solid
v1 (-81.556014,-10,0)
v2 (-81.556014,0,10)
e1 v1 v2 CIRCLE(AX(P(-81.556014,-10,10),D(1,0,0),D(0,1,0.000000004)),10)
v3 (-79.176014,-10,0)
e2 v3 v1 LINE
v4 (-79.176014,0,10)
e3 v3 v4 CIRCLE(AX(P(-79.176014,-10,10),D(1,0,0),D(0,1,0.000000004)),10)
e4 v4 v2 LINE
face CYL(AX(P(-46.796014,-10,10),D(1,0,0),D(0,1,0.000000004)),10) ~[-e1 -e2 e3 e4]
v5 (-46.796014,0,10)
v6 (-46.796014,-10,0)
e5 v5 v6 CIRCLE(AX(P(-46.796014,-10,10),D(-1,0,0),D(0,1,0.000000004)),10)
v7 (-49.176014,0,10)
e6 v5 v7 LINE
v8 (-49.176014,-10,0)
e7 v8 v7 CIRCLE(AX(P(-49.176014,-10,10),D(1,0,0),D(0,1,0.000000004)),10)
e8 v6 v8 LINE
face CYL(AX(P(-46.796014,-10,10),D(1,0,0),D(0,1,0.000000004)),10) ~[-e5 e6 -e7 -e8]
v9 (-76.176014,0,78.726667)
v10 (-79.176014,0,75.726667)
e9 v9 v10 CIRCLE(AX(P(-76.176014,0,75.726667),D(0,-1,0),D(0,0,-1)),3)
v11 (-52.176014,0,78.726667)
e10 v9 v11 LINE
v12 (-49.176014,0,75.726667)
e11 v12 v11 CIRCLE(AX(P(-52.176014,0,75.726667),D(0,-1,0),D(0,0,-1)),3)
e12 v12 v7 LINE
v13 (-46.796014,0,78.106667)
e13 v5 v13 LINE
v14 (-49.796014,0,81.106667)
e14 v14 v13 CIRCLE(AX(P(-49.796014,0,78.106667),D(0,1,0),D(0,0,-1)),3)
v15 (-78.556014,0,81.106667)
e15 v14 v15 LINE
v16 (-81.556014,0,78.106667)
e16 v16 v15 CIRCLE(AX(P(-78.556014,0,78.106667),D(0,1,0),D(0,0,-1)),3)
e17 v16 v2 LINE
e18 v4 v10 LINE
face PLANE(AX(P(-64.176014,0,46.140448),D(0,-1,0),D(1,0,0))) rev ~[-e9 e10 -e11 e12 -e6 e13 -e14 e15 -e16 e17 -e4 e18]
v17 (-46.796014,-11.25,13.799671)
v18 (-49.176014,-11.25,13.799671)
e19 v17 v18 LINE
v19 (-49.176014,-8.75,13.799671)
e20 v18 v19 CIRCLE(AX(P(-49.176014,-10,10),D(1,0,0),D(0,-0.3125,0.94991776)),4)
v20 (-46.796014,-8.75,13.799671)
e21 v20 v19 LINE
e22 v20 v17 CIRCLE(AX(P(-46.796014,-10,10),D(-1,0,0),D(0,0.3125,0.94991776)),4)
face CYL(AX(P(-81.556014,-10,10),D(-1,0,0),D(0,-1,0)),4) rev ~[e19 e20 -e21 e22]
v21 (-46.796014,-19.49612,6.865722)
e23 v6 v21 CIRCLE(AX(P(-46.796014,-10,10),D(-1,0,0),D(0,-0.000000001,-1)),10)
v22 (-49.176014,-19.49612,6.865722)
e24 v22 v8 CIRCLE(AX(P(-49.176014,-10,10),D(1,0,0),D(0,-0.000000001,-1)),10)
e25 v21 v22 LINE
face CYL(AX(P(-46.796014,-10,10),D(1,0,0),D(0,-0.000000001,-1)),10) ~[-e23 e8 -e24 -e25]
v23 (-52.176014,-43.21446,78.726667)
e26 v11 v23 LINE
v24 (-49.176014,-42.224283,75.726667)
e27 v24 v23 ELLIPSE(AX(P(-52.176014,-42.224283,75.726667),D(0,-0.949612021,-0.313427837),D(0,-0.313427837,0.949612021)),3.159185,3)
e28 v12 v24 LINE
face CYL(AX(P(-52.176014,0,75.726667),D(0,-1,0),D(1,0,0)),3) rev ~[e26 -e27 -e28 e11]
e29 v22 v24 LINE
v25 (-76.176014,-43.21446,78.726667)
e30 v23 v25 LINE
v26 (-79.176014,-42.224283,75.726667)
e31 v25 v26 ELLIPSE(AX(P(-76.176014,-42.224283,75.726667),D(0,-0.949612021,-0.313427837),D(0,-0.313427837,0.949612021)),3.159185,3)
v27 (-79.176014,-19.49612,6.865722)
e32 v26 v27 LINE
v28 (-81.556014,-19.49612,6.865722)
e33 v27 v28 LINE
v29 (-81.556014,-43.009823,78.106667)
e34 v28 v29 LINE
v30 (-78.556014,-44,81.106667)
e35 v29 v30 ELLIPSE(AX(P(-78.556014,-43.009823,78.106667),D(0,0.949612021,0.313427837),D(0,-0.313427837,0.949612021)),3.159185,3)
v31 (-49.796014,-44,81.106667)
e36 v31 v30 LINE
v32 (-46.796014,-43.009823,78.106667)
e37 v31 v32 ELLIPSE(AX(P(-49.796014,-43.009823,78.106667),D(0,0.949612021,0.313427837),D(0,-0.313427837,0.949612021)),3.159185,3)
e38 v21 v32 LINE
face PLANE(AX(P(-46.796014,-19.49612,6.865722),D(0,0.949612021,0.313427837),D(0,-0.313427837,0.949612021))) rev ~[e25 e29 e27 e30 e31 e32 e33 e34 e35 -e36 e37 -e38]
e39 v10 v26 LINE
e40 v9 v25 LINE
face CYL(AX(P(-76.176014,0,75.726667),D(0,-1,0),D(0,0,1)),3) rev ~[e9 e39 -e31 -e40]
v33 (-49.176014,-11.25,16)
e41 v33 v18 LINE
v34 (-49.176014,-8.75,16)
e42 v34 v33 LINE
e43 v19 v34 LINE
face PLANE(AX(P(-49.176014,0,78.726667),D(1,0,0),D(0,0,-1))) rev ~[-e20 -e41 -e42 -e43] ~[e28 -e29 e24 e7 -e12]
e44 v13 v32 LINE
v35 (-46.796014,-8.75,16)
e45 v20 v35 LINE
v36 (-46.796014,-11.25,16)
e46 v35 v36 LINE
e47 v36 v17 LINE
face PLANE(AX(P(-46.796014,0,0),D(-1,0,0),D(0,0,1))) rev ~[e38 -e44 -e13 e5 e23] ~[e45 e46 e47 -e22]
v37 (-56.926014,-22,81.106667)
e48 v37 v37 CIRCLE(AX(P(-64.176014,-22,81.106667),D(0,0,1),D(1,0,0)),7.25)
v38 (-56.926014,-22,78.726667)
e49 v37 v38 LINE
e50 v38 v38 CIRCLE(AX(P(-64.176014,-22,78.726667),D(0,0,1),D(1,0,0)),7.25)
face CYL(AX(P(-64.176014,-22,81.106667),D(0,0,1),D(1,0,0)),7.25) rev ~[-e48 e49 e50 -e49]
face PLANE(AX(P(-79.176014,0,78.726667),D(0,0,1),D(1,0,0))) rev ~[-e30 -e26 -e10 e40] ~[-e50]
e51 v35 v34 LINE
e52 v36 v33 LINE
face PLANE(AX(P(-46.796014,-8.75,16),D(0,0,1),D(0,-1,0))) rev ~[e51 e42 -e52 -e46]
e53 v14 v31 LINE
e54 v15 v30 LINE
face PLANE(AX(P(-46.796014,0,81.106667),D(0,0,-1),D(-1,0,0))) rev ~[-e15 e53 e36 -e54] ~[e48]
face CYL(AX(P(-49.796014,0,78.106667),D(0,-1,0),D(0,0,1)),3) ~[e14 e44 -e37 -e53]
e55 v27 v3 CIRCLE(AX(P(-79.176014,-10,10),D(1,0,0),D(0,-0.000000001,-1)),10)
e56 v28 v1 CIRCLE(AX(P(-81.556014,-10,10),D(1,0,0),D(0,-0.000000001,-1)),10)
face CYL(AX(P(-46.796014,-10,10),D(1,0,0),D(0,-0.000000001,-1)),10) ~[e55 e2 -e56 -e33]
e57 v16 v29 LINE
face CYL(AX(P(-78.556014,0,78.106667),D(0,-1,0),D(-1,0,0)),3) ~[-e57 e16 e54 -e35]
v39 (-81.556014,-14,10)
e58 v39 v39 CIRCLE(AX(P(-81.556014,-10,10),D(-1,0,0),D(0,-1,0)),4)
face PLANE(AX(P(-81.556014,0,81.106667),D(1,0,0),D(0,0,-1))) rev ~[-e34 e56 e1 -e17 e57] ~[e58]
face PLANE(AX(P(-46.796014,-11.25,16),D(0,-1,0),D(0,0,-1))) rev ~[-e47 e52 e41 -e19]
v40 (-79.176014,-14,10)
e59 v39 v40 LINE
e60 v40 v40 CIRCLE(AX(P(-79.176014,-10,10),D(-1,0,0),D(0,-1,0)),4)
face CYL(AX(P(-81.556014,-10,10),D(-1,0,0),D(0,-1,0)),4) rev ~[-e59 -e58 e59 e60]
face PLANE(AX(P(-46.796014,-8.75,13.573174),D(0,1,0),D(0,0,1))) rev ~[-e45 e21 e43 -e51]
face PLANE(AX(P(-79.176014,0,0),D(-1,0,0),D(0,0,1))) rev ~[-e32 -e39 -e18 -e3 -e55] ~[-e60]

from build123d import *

# Parameters (mm, degrees)
F1_DEPTH  = 44
F3_DEPTH  = 45.2
F4_DEPTH  = 52
F5_R      = 4
F6_DEPTH  = 57.3
F7_R      = 7.25
F8_DEPTH  = 25
F9_R      = 3
F10_R     = 3
F11_R     = 3
F12_R     = 3
F14_DEPTH = 25
F15_DEPTH = 25
F17_DEPTH = 25
F18_DEPTH = 25
F19_DEPTH = 25
F21_DEPTH = 25


with BuildPart() as f1:
    # F0 (on Front) → F1 (new body)
    with BuildSketch(Plane.XZ):
        Polygon((-81.5560135724, 81.1066666667), (-81.5560135724, 0), (-79.1760135724, 0), (-79.1760135724, 78.7266666667), (-49.1760135724, 78.7266666667), (-49.1760135724, 0), (-46.7960135724, 0), (-46.7960135724, 81.1066666667), align=None)
    extrude(amount=F1_DEPTH)

    # F2 (on face) → F3 (cut)
    with BuildSketch(Plane.YZ.offset(-46.7960135724)):
        with BuildLine():
            ThreePointArc((-10.0000000069, 0), (-15.8590620568, 1.8962112679), (-19.4961202132, 6.8657216307))
            Line((-19.4961202132, 6.8657216307), (-44, 81.1066666667))
            Line((-44, 81.1066666667), (-44, 0))
            Line((-44, 0), (-10.0000000069, 0))
        make_face()
    extrude(amount=-F3_DEPTH, mode=Mode.SUBTRACT)

    # F2 (on face) → F4 (cut)
    with BuildSketch(Plane.YZ.offset(-46.7960135724)):
        with BuildLine():
            ThreePointArc((0, 10.0000000432), (-2.9289321753, 2.928932201), (-10.0000000069, 0))
            Line((-10.0000000069, 0), (0, 0))
            Line((0, 0), (0, 10.0000000432))
        make_face()
    extrude(amount=-F4_DEPTH, mode=Mode.SUBTRACT)

    # F5 (on face) → F6 (cut)
    with BuildSketch(Plane(origin=(-81.5560135724, 0, 0), x_dir=(0, -1, 0), z_dir=(-1, 0, 0))):
        with Locations((10, 10)):
            Circle(F5_R)
    extrude(amount=-F6_DEPTH, mode=Mode.SUBTRACT)

    # F7 (on face) → F8 (cut)
    with BuildSketch(Plane.XY.offset(81.1066666667)):
        with Locations((-64.1760135724, -22)):
            Circle(F7_R)
    extrude(amount=-F8_DEPTH, mode=Mode.SUBTRACT)

    # F9
    f9_edges = [f1.edges().sort_by_distance(p)[0] for p in [
        (-81.556014, -22, 81.106667),
    ]]
    fillet(f9_edges, radius=F9_R)

    # F10
    f10_edges = [f1.edges().sort_by_distance(p)[0] for p in [
        (-46.796014, -22, 81.106667),
    ]]
    fillet(f10_edges, radius=F10_R)

    # F11
    f11_edges = [f1.edges().sort_by_distance(p)[0] for p in [
        (-49.176014, -21.60723, 78.726667),
    ]]
    fillet(f11_edges, radius=F11_R)

    # F12
    f12_edges = [f1.edges().sort_by_distance(p)[0] for p in [
        (-79.176014, -21.60723, 78.726667),
    ]]
    fillet(f12_edges, radius=F12_R)

    # F13 (on face) → F14 (cut)
    with BuildSketch(Plane.YZ.offset(-46.7960135724)):
        Polygon((-11.25, 16), (-11.25, 14), (-11.25, 13.495109044), (-10, 13.5341417044), (-8.75, 13.5731743649), (-8.75, 14), (-8.75, 16), align=None)
    extrude(amount=-F14_DEPTH, mode=Mode.SUBTRACT)

    # F13 (on face) → F15 (cut)
    with BuildSketch(Plane.YZ.offset(-46.7960135724)):
        Polygon((-11.25, 16), (-11.25, 14), (-11.25, 13.495109044), (-10, 13.5341417044), (-8.75, 13.5731743649), (-8.75, 14), (-8.75, 16), align=None)
    extrude(amount=-F15_DEPTH, mode=Mode.SUBTRACT)

    # F13 (on face) → F18 (cut)
    with BuildSketch(Plane.YZ.offset(-46.7960135724)):
        Polygon((-11.25, 16), (-11.25, 14), (-11.25, 13.495109044), (-10, 13.5341417044), (-8.75, 13.5731743649), (-8.75, 14), (-8.75, 16), align=None)
    extrude(amount=-F18_DEPTH, mode=Mode.SUBTRACT)

    # F13 (on face) → F21 (cut)
    with BuildSketch(Plane.YZ.offset(-46.7960135724)):
        Polygon((-11.25, 16), (-11.25, 14), (-11.25, 13.495109044), (-10, 13.5341417044), (-8.75, 13.5731743649), (-8.75, 14), (-8.75, 16), align=None)
    extrude(amount=-F21_DEPTH, mode=Mode.SUBTRACT)


with BuildPart() as f17:
    # F5 (on face) → F17 (new body)
    with BuildSketch(Plane(origin=(-81.5560135724, 0, 0), x_dir=(0, -1, 0), z_dir=(-1, 0, 0))):
        with Locations((10, 10)):
            Circle(F5_R)
    extrude(amount=F17_DEPTH)

    # F19 (cut): a face of the model
    f19_faces = [f17.faces().sort_by_distance(p)[0] for p in [
        (-106.5560135724, -10, 10),
    ]]
    extrude(f19_faces, amount=-F19_DEPTH, mode=Mode.SUBTRACT)


solid = f1.part
